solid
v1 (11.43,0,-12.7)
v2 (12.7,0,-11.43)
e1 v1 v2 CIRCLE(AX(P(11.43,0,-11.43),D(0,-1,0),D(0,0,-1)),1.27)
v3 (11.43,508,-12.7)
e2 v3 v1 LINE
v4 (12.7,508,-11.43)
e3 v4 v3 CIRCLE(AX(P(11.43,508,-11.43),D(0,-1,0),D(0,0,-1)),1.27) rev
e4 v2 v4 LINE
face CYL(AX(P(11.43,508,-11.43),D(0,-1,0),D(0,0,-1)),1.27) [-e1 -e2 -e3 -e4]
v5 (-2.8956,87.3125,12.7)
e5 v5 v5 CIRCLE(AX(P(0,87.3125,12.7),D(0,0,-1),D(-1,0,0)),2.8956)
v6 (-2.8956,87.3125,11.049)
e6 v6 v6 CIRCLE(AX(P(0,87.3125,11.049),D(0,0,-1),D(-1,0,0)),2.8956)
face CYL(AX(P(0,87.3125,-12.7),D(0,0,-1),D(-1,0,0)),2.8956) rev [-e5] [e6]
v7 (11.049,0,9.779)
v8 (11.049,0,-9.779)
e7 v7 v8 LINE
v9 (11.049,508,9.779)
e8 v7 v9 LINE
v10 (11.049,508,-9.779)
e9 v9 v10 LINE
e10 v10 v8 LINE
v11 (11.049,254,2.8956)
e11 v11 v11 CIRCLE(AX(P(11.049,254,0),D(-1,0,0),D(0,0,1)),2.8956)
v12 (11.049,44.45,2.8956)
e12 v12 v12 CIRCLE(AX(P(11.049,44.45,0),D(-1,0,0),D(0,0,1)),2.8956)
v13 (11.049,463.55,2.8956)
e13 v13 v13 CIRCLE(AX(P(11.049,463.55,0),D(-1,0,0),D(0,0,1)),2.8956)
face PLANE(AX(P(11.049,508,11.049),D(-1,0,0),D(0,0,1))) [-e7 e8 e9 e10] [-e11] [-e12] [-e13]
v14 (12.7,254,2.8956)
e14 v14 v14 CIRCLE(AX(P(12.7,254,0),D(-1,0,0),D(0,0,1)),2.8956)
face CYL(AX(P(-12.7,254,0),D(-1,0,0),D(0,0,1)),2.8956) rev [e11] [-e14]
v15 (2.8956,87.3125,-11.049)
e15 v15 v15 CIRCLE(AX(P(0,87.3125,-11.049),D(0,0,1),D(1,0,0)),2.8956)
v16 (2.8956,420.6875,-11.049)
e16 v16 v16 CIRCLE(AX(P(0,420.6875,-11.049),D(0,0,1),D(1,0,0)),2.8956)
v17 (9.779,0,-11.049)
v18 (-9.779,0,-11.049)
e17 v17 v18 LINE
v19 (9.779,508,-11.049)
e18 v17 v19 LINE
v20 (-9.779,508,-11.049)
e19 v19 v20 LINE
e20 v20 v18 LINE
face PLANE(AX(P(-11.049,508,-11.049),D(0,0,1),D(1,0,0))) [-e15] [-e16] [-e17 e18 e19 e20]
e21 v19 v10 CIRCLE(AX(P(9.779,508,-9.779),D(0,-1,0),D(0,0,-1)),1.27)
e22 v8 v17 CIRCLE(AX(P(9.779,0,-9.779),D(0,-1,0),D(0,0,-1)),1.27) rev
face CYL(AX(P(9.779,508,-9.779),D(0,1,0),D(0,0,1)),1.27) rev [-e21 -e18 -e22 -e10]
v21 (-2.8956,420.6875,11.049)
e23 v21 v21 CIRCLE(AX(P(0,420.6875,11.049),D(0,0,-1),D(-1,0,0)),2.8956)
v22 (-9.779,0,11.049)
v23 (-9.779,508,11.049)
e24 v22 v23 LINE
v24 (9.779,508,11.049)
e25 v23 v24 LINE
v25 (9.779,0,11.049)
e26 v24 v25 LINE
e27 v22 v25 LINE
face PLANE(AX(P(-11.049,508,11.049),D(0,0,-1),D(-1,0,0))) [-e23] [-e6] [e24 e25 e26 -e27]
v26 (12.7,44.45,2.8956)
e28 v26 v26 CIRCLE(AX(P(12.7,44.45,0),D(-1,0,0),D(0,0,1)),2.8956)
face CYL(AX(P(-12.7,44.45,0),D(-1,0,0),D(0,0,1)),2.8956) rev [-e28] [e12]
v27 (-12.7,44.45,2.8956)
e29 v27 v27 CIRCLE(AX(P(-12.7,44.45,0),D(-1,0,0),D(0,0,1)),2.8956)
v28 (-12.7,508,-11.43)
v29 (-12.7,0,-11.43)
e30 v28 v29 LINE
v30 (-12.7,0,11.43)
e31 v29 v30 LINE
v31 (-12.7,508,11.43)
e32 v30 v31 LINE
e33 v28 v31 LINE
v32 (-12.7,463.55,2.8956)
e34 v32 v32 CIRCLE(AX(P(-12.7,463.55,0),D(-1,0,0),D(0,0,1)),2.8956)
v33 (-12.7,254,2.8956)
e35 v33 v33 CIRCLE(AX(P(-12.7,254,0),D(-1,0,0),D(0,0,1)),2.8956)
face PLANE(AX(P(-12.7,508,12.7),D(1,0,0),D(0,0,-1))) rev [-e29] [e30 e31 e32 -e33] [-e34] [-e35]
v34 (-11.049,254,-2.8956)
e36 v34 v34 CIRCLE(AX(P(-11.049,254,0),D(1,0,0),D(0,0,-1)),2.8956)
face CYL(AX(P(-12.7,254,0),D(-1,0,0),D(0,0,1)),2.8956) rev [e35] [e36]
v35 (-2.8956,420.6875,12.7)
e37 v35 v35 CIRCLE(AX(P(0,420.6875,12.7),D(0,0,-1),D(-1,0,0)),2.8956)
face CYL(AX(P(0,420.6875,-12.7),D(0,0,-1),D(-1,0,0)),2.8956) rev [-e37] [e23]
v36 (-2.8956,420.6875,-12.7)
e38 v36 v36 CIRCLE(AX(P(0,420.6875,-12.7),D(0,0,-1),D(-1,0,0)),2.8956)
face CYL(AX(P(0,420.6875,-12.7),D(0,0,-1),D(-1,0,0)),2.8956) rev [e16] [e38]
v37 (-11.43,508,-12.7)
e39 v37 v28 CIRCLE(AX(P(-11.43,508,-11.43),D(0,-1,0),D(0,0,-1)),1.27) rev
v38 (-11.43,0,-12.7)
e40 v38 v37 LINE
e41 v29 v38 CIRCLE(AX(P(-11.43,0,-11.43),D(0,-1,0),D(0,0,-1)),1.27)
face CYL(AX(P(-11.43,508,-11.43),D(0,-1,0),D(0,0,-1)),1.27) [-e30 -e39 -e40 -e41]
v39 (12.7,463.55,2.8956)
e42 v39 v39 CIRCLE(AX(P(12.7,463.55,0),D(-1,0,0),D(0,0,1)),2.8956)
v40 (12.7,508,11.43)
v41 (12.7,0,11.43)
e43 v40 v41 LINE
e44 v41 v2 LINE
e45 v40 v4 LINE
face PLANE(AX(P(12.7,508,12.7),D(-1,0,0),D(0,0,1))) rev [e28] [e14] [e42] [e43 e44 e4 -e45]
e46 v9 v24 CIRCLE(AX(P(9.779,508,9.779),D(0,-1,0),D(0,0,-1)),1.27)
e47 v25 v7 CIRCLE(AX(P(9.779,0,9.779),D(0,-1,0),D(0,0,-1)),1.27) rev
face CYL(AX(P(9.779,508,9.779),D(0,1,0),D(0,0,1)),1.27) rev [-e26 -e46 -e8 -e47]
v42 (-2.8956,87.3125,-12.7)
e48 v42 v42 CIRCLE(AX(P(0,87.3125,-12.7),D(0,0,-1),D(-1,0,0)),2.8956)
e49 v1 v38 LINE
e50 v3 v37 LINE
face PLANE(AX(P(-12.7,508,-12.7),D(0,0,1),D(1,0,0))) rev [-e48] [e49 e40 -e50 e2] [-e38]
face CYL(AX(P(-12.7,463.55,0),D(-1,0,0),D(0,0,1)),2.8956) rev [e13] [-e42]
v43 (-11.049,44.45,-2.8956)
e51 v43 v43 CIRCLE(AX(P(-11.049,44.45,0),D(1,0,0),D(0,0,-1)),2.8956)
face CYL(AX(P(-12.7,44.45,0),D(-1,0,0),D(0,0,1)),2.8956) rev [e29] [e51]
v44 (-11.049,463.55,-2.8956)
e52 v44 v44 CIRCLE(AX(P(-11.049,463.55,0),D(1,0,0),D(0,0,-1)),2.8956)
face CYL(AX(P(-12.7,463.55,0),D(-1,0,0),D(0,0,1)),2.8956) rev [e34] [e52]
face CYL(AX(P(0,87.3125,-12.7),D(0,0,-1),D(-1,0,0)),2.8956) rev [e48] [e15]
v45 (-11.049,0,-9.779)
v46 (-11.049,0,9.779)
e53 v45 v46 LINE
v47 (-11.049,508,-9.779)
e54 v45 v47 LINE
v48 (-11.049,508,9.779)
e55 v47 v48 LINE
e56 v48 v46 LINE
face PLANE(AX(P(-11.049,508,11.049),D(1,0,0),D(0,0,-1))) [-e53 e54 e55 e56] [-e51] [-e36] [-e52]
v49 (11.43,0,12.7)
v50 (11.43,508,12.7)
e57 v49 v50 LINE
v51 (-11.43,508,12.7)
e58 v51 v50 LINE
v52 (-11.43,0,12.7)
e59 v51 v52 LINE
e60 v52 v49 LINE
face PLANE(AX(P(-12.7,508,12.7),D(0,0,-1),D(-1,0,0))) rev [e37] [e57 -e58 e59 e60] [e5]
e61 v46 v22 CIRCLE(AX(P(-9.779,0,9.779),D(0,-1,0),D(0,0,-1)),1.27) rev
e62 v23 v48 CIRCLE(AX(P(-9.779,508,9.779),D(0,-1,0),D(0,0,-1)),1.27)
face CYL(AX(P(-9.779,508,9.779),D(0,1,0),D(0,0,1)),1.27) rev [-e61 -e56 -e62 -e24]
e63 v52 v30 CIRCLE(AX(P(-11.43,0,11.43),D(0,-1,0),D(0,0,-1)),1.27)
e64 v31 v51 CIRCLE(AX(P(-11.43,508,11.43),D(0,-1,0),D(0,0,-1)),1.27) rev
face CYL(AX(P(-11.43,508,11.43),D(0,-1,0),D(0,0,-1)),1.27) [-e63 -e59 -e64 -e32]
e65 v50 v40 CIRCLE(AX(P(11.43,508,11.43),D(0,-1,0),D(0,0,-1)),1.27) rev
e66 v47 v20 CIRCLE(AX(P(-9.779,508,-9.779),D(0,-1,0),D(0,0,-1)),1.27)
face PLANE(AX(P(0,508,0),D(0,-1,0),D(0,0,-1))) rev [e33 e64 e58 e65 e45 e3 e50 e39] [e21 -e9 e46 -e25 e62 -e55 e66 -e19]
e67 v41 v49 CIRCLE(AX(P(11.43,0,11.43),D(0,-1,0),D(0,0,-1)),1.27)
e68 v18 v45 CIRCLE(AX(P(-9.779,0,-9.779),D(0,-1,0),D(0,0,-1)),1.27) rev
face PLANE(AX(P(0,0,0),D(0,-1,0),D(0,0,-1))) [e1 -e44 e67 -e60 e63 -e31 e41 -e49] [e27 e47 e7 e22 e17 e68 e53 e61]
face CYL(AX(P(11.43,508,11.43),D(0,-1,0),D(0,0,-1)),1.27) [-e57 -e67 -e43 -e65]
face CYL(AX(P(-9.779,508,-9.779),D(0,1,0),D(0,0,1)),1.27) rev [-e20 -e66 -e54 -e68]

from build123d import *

# Parameters (mm, degrees)
SKETCH1_W                  = 25.4
SKETCH1_H                  = 25.4
SKETCH1_W_2                = 22.098
SKETCH1_H_2                = 22.098
BOSS_EXTRUDE1_DEPTH        = 508
FILLET1_R                  = 1.27
F_1_0_228_DIAMETER_HOLE2_D = 5.7912
F_1_0_228_DIAMETER_HOLE3_D = 5.7912


with BuildPart() as part:
    # Sketch1 → Boss-Extrude1 (new body)
    with BuildSketch(Plane(origin=(0, 0, 0), x_dir=(1, 0, 0), z_dir=(0, 1, 0))):
        Rectangle(SKETCH1_W, SKETCH1_H)
        Rectangle(SKETCH1_W_2, SKETCH1_H_2, mode=Mode.SUBTRACT)
    extrude(amount=BOSS_EXTRUDE1_DEPTH)

    # Fillet1
    fillet1_edges = [part.edges().sort_by_distance(p)[0] for p in [
        (-11.049, 254, 11.049),
        (11.049, 254, 11.049),
        (11.049, 254, -11.049),
        (-11.049, 254, -11.049),
        (12.7, 254, 12.7),
        (-12.7, 254, 12.7),
        (-12.7, 254, -12.7),
        (12.7, 254, -12.7),
    ]]
    fillet(fillet1_edges, radius=FILLET1_R)

    # #1 (0.228) Diameter Hole2 (through all)
    with Locations(Plane.ZY.offset(12.7)):
        with Locations((0, 463.55), (0, 44.45), (0, 254)):
            Hole(F_1_0_228_DIAMETER_HOLE2_D / 2)

    # #1 (0.228) Diameter Hole3 (through all)
    with Locations(Plane(origin=(0, 0, -12.7), x_dir=(-1, 0, 0), z_dir=(0, 0, -1))):
        with Locations((0, 420.6875), (0, 87.3125)):
            Hole(F_1_0_228_DIAMETER_HOLE3_D / 2)


solid = part.part
